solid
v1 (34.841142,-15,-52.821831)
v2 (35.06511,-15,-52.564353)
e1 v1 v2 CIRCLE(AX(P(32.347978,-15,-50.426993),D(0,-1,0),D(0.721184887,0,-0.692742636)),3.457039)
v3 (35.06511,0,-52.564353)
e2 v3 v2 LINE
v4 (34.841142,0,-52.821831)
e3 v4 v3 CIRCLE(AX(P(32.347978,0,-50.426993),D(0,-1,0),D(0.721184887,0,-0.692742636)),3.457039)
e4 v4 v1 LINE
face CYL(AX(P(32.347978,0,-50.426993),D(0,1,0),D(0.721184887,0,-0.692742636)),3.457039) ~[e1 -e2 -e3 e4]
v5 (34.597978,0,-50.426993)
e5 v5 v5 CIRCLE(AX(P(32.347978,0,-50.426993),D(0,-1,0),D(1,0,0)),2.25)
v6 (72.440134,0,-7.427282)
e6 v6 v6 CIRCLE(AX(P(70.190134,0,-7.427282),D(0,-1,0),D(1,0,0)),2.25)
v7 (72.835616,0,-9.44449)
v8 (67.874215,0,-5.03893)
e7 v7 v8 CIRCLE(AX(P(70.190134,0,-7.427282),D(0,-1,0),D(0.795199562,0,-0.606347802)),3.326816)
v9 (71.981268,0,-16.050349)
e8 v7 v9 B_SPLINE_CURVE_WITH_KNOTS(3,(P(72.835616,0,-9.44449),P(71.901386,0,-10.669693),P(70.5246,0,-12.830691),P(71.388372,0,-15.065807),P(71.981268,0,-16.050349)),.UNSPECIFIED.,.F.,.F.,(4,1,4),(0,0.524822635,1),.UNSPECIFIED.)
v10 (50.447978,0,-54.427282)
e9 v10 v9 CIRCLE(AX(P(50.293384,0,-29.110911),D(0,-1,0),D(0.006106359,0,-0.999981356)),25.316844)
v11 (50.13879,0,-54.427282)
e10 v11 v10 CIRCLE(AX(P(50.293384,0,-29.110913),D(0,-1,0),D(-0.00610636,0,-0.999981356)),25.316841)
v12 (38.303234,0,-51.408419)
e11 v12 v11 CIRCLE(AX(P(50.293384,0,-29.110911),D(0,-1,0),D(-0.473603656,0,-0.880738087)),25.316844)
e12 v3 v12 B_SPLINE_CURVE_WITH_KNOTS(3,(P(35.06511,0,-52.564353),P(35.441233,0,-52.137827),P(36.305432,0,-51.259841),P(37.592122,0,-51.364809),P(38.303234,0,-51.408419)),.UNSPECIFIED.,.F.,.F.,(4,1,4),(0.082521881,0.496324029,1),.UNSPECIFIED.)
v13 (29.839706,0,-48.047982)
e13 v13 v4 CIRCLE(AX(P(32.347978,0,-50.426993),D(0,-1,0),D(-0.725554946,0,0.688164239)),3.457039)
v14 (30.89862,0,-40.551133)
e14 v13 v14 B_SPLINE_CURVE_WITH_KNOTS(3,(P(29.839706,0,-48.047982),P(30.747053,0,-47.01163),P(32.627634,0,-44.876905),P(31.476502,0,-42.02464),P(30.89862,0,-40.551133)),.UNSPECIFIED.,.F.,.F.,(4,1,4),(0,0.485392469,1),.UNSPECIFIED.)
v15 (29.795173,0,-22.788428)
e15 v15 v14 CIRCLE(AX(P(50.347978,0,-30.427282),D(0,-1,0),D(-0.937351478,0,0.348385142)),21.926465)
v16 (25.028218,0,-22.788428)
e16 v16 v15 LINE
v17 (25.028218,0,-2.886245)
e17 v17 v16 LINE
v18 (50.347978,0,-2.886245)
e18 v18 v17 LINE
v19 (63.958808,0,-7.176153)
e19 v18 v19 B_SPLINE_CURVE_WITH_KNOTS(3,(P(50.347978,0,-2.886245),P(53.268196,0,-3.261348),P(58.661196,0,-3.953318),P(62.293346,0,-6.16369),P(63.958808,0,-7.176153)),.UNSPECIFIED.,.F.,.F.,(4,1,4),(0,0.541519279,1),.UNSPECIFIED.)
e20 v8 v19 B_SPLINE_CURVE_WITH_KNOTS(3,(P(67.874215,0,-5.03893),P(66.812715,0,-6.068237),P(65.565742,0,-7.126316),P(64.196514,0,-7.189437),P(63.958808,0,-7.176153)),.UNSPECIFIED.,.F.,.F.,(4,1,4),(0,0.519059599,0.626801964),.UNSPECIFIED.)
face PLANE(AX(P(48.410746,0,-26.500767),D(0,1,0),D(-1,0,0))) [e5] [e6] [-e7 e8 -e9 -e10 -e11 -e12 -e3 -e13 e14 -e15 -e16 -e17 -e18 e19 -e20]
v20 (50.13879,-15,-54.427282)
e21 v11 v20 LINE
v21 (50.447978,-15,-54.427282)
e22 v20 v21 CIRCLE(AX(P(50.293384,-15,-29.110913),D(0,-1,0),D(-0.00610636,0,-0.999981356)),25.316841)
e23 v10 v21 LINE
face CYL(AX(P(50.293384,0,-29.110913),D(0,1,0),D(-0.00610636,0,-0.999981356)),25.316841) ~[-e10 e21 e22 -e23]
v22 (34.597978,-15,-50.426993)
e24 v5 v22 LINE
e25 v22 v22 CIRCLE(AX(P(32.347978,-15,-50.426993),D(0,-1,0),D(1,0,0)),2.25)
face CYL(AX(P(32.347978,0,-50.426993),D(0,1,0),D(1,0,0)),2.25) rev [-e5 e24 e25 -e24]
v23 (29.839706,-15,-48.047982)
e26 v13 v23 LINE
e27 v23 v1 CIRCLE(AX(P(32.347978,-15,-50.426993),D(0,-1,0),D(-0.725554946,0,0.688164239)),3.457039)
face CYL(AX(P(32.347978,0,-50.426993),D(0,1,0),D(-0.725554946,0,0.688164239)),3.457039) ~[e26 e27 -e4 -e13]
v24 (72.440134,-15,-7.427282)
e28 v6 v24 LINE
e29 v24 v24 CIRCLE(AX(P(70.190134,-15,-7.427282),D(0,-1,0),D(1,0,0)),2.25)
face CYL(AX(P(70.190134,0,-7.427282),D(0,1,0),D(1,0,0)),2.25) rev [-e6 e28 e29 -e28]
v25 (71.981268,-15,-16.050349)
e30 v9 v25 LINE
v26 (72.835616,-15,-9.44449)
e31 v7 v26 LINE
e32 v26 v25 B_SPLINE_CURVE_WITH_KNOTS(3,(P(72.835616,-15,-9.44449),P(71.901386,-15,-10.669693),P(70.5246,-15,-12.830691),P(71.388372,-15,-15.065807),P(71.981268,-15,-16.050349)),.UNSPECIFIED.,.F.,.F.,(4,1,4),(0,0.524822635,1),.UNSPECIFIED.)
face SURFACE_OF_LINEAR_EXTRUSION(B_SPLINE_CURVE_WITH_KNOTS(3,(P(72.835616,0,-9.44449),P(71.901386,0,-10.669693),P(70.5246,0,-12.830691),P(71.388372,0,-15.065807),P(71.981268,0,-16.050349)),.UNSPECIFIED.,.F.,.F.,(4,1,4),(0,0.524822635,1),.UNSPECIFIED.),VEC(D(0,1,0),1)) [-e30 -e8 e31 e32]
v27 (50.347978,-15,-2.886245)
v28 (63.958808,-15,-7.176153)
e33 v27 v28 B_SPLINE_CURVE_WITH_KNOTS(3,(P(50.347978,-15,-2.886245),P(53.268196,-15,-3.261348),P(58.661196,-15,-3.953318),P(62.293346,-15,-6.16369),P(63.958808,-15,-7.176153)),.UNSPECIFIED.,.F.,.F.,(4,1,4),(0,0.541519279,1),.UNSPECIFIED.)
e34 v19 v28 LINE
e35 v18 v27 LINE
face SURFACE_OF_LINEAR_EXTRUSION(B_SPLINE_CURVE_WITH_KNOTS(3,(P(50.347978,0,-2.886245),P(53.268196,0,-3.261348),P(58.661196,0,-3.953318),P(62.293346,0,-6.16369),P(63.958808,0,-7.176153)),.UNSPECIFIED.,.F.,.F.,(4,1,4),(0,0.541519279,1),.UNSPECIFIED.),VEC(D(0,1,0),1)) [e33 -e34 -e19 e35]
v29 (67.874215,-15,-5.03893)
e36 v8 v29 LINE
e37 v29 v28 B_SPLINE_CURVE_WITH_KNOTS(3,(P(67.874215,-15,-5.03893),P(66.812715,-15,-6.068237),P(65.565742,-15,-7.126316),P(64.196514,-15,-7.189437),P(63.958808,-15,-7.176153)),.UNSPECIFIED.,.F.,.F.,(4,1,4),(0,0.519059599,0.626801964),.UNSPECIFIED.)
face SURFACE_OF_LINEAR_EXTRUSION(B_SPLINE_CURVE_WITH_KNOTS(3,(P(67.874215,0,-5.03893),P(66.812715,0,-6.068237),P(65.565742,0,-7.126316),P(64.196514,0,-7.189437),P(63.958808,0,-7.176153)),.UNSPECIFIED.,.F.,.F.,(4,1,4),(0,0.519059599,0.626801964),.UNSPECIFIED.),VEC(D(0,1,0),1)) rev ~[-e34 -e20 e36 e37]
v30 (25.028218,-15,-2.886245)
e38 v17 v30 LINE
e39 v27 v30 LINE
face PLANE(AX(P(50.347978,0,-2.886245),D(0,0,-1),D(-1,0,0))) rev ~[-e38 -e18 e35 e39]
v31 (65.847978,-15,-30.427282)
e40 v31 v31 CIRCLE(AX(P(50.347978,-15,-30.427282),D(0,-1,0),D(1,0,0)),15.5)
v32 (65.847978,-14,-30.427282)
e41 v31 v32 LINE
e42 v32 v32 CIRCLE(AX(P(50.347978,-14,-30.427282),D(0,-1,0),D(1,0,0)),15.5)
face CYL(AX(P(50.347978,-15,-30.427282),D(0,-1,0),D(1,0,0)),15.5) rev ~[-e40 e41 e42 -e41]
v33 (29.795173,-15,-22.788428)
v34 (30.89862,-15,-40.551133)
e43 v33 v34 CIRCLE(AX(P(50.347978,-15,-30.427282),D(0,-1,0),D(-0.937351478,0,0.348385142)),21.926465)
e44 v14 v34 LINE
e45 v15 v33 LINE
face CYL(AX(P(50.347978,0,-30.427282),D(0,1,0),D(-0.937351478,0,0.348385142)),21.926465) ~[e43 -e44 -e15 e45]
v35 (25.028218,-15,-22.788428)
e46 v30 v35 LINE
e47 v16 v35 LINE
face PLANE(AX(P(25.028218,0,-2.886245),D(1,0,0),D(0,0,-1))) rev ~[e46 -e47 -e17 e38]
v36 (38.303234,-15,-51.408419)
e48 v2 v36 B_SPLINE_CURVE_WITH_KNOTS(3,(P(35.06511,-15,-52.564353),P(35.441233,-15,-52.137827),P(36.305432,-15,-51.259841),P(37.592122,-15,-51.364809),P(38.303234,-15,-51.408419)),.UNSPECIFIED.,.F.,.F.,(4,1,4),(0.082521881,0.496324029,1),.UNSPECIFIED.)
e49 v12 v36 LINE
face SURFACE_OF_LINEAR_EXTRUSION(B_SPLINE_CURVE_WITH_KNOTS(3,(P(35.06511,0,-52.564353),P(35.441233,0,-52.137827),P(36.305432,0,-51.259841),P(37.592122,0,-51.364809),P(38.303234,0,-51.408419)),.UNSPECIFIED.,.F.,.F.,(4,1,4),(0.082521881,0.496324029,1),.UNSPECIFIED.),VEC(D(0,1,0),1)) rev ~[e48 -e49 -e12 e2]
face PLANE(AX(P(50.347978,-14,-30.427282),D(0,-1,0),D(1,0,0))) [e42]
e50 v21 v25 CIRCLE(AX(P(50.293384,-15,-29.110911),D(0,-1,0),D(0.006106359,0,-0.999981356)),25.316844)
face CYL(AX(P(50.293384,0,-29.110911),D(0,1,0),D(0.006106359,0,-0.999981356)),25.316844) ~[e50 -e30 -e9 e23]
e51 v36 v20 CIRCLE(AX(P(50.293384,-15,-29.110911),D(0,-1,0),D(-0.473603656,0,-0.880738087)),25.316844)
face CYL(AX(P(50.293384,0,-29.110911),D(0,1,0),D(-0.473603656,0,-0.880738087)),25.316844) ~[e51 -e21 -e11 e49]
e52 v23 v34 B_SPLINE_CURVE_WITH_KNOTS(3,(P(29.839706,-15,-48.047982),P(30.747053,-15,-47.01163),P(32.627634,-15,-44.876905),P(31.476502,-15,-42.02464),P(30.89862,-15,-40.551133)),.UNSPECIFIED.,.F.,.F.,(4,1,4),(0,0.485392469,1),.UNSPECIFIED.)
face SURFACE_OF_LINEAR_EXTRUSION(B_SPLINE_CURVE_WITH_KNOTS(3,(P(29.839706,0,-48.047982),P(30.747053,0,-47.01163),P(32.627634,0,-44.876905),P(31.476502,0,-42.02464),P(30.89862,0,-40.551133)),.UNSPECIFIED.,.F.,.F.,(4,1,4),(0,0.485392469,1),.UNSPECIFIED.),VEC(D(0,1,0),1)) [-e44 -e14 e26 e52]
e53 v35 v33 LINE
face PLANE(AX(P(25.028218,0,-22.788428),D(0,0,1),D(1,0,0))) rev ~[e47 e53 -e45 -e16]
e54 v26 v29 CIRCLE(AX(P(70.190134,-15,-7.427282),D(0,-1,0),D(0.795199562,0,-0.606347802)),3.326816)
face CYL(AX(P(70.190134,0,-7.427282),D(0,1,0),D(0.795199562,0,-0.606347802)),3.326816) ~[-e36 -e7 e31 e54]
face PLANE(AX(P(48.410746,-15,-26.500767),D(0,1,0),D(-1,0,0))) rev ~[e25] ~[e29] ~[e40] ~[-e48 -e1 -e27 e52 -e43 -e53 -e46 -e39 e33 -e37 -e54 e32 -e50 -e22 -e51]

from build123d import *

# Parameters (mm, degrees)
F0_R     = 2.25
F1_DEPTH = 15
F2_R     = 15.5
F3_DEPTH = 1


with BuildPart() as f1:
    # F0 (on Front) → F1 (new body)
    with BuildSketch(Plane.XZ):
        with BuildLine():
            add(Edge.make_bspline(
                [(50.3479777806, -2.8862454928), (53.268195878, -3.261348037), (58.6611963596, -3.9533176417), (62.2933460238, -6.1636902612), (63.9588082608, -7.1761531808)],
                knots=[0, 0, 0, 0, 0.5415192792, 1, 1, 1, 1], degree=3))
            Line((50.3479777806, -2.8862454928), (25.0282175839, -2.8862454928))
            Line((25.0282175839, -2.8862454928), (25.0282175839, -22.7884277701))
            Line((25.0282175839, -22.7884277701), (29.7951731688, -22.7884277701))
            ThreePointArc((29.7951731688, -22.7884277701), (28.4636985284, -31.7867677512), (30.8986199162, -40.5511333853))
            add(Edge.make_bspline(
                [(29.8397061446, -48.0479822571), (30.7470532857, -47.0116302158), (32.6276335059, -44.8769054108), (31.4765020534, -42.024639753), (30.8986199162, -40.5511333853)],
                knots=[0, 0, 0, 0, 0.485392469, 1, 1, 1, 1], degree=3))
            ThreePointArc((29.8397061446, -48.0479822571), (29.9610414714, -52.9277231917), (34.8411419508, -52.8218309708))
            add(Edge.make_bspline(
                [(34.8411419508, -52.8218309708), (34.9156373522, -52.7356864932), (34.9901022249, -52.6494127513), (35.065109933, -52.5643533984)],
                knots=[0, 0, 0, 0, 0.0825218812, 0.0825218812, 0.0825218812, 0.0825218812], degree=3))
            add(Edge.make_bspline(
                [(35.065109933, -52.5643533984), (35.4412326082, -52.1378272164), (36.3054316166, -51.2598405123), (37.5921223548, -51.3648089629), (38.303234242, -51.4084192455)],
                knots=[0.0825218812, 0.0825218812, 0.0825218812, 0.0825218812, 0.4963240293, 1, 1, 1, 1], degree=3))
            ThreePointArc((38.303234242, -51.4084192455), (44.0362215273, -53.6423292578), (50.1387902983, -54.4272824743))
            Line((50.1387902983, -54.4272824743), (50.4479777806, -54.4272824743))
            ThreePointArc((50.4479777806, -54.4272824743), (72.3721230889, -41.4992868245), (71.9812678774, -16.0503487087))
            add(Edge.make_bspline(
                [(72.8356159841, -9.4444898754), (71.9013864052, -10.6696925545), (70.5245996547, -12.8306913276), (71.3883715318, -15.0658070668), (71.9812678774, -16.0503487087)],
                knots=[0, 0, 0, 0, 0.524822635, 1, 1, 1, 1], degree=3))
            ThreePointArc((72.8356159841, -9.4444898754), (72.3990680605, -4.9396508075), (67.8742152822, -5.0389304732))
            add(Edge.make_bspline(
                [(67.8742152822, -5.0389304732), (66.812715433, -6.0682372602), (65.5657418957, -7.1263163681), (64.1965142668, -7.1894367778), (63.9588082608, -7.1761531808)],
                knots=[0, 0, 0, 0, 0.5190595992, 0.6268019641, 0.6268019641, 0.6268019641, 0.6268019641], degree=3))
        make_face()
        with Locations((32.3479777806, -50.4269927665)):
            Circle(F0_R, mode=Mode.SUBTRACT)
        with BuildLine():
            ThreePointArc((50.3479777806, -14.9272824743), (61.308132889, -19.4671273659), (65.8479777806, -30.4272824743))
            ThreePointArc((65.8479777806, -30.4272824743), (39.3878226722, -41.3874375827), (50.3479777806, -14.9272824743))
        make_face(mode=Mode.SUBTRACT)
        with Locations((70.1901335806, -7.4272824743)):
            Circle(F0_R, mode=Mode.SUBTRACT)
        with BuildLine():
            ThreePointArc((50.3479777806, -14.9272824743), (39.3878226722, -41.3874375827), (65.8479777806, -30.4272824743))
            ThreePointArc((65.8479777806, -30.4272824743), (61.308132889, -19.4671273659), (50.3479777806, -14.9272824743))
        make_face()
        with BuildLine():
            ThreePointArc((63.3479777806, -30.4272824743), (41.1555896252, -39.6196706298), (50.3479777806, -17.4272824743))
            ThreePointArc((50.3479777806, -17.4272824743), (59.5403659361, -21.2348943189), (63.3479777806, -30.4272824743))
        make_face(mode=Mode.SUBTRACT)
        with BuildLine():
            ThreePointArc((63.3479777806, -30.4272824743), (59.5403659361, -21.2348943189), (50.3479777806, -17.4272824743))
            ThreePointArc((50.3479777806, -17.4272824743), (41.1555896252, -39.6196706298), (63.3479777806, -30.4272824743))
        make_face()
        with BuildLine():
            add(Edge.make_bspline(
                [(34.8411419508, -52.8218309708), (34.9156373522, -52.7356864932), (34.9901022249, -52.6494127513), (35.065109933, -52.5643533984)],
                knots=[0, 0, 0, 0, 0.0825218812, 0.0825218812, 0.0825218812, 0.0825218812], degree=3))
            ThreePointArc((34.8411419508, -52.8218309708), (34.956304949, -52.6958574577), (35.065109933, -52.5643533984))
        make_face()
        with BuildLine():
            ThreePointArc((50.1387902983, -54.4272824743), (50.2933840395, -54.4277544812), (50.4479777806, -54.4272824743))
            Line((50.4479777806, -54.4272824743), (50.1387902983, -54.4272824743))
        make_face()
    extrude(amount=F1_DEPTH)

    # F2 (on face) → F3 (cut)
    with BuildSketch(Plane.XZ.offset(15)):
        with Locations((50.3479777806, -30.4272824743)):
            Circle(F2_R)
    extrude(amount=-F3_DEPTH, mode=Mode.SUBTRACT)


solid = f1.part
